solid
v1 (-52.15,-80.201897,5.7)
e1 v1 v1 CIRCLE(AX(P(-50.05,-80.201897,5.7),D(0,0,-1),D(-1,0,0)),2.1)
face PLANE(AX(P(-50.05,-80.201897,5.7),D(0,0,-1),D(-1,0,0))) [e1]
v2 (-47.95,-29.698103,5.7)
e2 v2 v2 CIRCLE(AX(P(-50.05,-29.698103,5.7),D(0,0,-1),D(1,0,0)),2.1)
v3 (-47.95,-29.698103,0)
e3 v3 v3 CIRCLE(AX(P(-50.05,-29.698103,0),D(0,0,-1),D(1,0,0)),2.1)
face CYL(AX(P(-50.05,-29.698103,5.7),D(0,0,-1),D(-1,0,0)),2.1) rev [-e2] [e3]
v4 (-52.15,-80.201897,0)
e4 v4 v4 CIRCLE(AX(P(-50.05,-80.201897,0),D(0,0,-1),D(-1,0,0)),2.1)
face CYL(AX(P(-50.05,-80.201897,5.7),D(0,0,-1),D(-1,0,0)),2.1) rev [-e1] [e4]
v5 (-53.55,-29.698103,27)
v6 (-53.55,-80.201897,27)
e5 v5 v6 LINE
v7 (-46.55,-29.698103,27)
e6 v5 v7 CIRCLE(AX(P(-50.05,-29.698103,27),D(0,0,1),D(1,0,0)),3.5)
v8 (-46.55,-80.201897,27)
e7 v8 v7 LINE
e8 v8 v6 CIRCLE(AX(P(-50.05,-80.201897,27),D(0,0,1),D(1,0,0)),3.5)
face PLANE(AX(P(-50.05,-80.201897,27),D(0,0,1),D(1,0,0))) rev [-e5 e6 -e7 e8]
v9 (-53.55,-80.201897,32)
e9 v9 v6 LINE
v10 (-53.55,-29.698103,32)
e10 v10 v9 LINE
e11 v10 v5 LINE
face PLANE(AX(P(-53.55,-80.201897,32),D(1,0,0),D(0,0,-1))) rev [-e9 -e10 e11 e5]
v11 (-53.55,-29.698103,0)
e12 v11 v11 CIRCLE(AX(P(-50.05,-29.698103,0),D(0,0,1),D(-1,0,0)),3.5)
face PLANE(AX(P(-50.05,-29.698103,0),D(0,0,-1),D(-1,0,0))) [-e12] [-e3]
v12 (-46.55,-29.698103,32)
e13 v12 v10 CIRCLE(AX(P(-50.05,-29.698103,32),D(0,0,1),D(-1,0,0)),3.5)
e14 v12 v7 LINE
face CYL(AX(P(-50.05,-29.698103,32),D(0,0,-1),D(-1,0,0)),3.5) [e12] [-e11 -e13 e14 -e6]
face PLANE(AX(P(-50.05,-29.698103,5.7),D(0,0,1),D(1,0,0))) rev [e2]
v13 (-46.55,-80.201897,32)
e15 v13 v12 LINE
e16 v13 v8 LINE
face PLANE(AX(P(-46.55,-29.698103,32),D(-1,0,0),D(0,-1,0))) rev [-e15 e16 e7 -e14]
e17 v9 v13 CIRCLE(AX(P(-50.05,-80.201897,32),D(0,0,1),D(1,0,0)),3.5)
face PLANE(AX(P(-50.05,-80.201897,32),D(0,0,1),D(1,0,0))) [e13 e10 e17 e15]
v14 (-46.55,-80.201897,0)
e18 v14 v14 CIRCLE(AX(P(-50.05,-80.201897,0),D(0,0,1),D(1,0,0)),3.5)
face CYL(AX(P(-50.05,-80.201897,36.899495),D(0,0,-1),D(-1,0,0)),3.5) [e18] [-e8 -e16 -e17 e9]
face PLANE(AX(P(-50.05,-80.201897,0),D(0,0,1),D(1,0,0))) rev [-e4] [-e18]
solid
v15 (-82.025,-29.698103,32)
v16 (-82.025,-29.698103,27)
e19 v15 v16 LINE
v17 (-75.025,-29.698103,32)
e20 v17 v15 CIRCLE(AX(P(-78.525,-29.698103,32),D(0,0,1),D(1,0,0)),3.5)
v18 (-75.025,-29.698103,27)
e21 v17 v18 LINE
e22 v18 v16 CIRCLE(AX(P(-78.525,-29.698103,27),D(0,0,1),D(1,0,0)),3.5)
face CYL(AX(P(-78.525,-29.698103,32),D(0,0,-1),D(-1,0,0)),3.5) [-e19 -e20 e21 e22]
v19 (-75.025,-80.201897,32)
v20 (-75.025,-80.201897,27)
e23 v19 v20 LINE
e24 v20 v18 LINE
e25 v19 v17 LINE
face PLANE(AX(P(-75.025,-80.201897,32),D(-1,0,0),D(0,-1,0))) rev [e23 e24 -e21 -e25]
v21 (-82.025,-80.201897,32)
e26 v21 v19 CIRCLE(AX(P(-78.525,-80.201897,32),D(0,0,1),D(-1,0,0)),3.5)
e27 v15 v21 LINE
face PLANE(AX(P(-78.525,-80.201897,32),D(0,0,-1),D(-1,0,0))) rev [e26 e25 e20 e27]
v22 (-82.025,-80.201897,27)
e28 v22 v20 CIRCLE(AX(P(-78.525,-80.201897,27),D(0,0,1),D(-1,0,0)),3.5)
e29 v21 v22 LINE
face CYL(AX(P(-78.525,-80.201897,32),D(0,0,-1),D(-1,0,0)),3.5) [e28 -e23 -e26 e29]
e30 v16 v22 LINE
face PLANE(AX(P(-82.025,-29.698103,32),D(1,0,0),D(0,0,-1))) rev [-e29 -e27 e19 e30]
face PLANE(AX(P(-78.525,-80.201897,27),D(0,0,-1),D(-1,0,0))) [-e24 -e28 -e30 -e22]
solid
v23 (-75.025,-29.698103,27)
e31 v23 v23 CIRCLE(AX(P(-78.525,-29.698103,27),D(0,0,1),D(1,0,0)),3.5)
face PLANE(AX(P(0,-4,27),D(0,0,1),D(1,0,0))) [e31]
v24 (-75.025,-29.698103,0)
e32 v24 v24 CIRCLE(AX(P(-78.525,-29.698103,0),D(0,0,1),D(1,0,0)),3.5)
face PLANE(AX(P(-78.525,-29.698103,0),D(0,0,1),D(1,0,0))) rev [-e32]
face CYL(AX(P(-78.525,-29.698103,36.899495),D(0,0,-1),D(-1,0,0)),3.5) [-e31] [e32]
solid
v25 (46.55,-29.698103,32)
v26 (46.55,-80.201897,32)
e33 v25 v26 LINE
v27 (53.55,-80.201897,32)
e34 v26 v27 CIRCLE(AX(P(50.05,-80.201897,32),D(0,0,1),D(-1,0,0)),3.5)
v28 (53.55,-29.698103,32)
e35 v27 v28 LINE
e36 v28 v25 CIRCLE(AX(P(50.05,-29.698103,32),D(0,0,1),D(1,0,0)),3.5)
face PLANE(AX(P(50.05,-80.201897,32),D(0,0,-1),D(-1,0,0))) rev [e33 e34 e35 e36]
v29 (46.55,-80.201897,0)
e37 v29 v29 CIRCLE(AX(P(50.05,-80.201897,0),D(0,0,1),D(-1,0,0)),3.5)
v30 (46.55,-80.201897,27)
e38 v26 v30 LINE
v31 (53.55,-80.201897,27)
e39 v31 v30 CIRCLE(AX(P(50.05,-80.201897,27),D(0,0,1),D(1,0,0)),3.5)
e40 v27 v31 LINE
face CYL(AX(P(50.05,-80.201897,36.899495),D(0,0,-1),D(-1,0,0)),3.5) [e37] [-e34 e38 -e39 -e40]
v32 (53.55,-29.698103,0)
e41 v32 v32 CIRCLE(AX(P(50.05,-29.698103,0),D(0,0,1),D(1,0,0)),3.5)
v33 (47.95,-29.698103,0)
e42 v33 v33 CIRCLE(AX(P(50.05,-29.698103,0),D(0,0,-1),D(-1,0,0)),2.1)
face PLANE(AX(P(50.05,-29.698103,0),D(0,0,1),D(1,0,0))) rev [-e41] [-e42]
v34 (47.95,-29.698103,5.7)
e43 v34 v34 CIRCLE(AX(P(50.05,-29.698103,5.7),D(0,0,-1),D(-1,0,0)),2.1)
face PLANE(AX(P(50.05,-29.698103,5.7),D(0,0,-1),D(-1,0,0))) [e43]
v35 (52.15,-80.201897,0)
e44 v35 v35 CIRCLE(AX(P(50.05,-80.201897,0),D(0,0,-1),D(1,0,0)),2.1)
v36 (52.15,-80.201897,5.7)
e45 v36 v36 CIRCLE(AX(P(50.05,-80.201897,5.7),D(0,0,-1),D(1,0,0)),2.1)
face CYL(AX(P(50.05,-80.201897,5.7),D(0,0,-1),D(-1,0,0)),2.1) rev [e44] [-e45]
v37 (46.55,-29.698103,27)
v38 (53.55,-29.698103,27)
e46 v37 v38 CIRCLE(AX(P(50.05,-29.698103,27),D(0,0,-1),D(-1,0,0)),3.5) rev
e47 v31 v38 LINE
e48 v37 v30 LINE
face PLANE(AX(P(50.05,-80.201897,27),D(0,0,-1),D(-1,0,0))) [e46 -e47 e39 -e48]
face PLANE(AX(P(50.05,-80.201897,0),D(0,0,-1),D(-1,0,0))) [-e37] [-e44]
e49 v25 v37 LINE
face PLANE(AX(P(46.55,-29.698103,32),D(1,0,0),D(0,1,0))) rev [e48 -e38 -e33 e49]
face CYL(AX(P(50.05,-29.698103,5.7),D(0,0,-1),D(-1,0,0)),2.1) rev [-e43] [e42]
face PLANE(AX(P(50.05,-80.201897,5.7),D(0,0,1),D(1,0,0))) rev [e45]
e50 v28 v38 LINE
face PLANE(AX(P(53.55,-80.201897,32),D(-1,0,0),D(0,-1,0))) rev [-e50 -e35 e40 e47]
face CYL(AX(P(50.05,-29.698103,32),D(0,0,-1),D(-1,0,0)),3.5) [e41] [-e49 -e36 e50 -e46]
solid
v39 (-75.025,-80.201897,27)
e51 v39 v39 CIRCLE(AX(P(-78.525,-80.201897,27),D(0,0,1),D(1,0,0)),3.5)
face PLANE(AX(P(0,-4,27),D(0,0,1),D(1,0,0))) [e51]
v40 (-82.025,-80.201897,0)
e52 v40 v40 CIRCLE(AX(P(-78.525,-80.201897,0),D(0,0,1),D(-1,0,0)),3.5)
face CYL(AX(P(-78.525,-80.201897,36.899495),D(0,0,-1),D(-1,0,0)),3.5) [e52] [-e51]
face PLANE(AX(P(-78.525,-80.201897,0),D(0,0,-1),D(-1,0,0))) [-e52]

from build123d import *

# Parameters (mm, degrees)
SKIZZE1_R                         = 3.5
AUFSATZ_LINEAR_AUSTRAGEN1_DEPTH   = 27
AUFSATZ_LINEAR_AUSTRAGEN1_2_DEPTH = 27
AUFSATZ_LINEAR_AUSTRAGEN1_3_DEPTH = 27
AUFSATZ_LINEAR_AUSTRAGEN1_4_DEPTH = 27
AUFSATZ_LINEAR_AUSTRAGEN1_5_DEPTH = 27
AUFSATZ_LINEAR_AUSTRAGEN1_6_DEPTH = 27
SKIZZE2_R                         = 2.1
SCHNITT_LINEAR_AUSTRAGEN1_DEPTH   = 5.7
AUFSATZ_LINEAR_AUSTRAGEN2_DEPTH   = 5


with BuildPart() as part:
    # Skizze1 → Aufsatz-Linear austragen1 (new body)
    with BuildSketch(Plane.XY):
        with Locations((-50.05, -80.201897344)):
            Circle(SKIZZE1_R)
    extrude(amount=AUFSATZ_LINEAR_AUSTRAGEN1_DEPTH)


with BuildPart() as body_2:
    # Skizze1 → Aufsatz-Linear austragen1 2 (new body)
    with BuildSketch(Plane.XY):
        with Locations(Location((50.05, -80.201897344, 0), (0, 0, 180))):
            Circle(SKIZZE1_R)
    extrude(amount=AUFSATZ_LINEAR_AUSTRAGEN1_2_DEPTH)


with BuildPart() as body_3:
    # Skizze1 → Aufsatz-Linear austragen1 3 (new body)
    with BuildSketch(Plane.XY):
        with Locations((50.05, -29.698102656)):
            Circle(SKIZZE1_R)
    extrude(amount=AUFSATZ_LINEAR_AUSTRAGEN1_3_DEPTH)


with BuildPart() as body_4:
    # Skizze1 → Aufsatz-Linear austragen1 4 (new body)
    with BuildSketch(Plane.XY):
        with Locations(Location((-50.05, -29.698102656, 0), (0, 0, 180))):
            Circle(SKIZZE1_R)
    extrude(amount=AUFSATZ_LINEAR_AUSTRAGEN1_4_DEPTH)


with BuildPart() as body_5:
    # Skizze1 → Aufsatz-Linear austragen1 5 (new body)
    with BuildSketch(Plane.XY):
        with Locations(Location((-78.525, -80.201897344, 0), (0, 0, 180))):
            Circle(SKIZZE1_R)
    extrude(amount=AUFSATZ_LINEAR_AUSTRAGEN1_5_DEPTH)


with BuildPart() as body_6:
    # Skizze1 → Aufsatz-Linear austragen1 6 (new body)
    with BuildSketch(Plane.XY):
        with Locations((-78.525, -29.698102656)):
            Circle(SKIZZE1_R)
    extrude(amount=AUFSATZ_LINEAR_AUSTRAGEN1_6_DEPTH)


with BuildPart() as schnitt_linear_austragen1_tool:
    # Skizze2 → Schnitt-Linear austragen1 (new body)
    with BuildSketch(Plane(origin=(0, 0, 0), x_dir=(-1, 0, 0), z_dir=(0, 0, -1))):
        with Locations((50.05, -80.201897344)):
            Circle(SKIZZE2_R)
        with Locations(Location((50.05, -29.698102656, 0), (0, 0, 180))):
            Circle(SKIZZE2_R)
        with Locations((-50.05, -29.698102656)):
            Circle(SKIZZE2_R)
        with Locations(Location((-50.05, -80.201897344, 0), (0, 0, 180))):
            Circle(SKIZZE2_R)
    extrude(amount=-SCHNITT_LINEAR_AUSTRAGEN1_DEPTH)


with BuildPart() as part_1:
    add(part.part)

    # Schnitt-Linear austragen1: cut by schnitt_linear_austragen1_tool
    add(schnitt_linear_austragen1_tool.part, mode=Mode.SUBTRACT)



with BuildPart() as body_2_1:
    add(body_2.part)

    # Schnitt-Linear austragen1: cut by schnitt_linear_austragen1_tool
    add(schnitt_linear_austragen1_tool.part, mode=Mode.SUBTRACT)


with BuildPart() as body_3_1:
    add(body_3.part)

    # Schnitt-Linear austragen1: cut by schnitt_linear_austragen1_tool
    add(schnitt_linear_austragen1_tool.part, mode=Mode.SUBTRACT)


with BuildPart() as body_4_1:
    add(body_4.part)

    # Schnitt-Linear austragen1: cut by schnitt_linear_austragen1_tool
    add(schnitt_linear_austragen1_tool.part, mode=Mode.SUBTRACT)


with BuildPart() as part_2:
    add(part_1.part)

    add(body_4_1.part)  # Aufsatz-Linear austragen2 merges body 4

    add(body_2_1.part)  # Aufsatz-Linear austragen2 merges body 2

    add(body_3_1.part)  # Aufsatz-Linear austragen2 merges body 3
    # Skizze4 → Aufsatz-Linear austragen2 (add)
    with BuildSketch(Plane.XY.offset(27)):
        with BuildLine():
            Line((-53.55, -80.201897344), (-53.55, -29.698102656))
            ThreePointArc((-53.55, -29.698102656), (-50.05, -26.198102656), (-46.55, -29.698102656))
            Line((-46.55, -29.698102656), (-46.55, -80.201897344))
            ThreePointArc((-46.55, -80.201897344), (-50.05, -83.701897344), (-53.55, -80.201897344))
        make_face()
        with BuildLine():
            Line((46.55, -29.698102656), (46.55, -80.201897344))
            ThreePointArc((46.55, -80.201897344), (50.05, -83.701897344), (53.55, -80.201897344))
            Line((53.55, -80.201897344), (53.55, -29.698102656))
            ThreePointArc((53.55, -29.698102656), (50.05, -26.198102656), (46.55, -29.698102656))
        make_face()
        with BuildLine():
            Line((-82.025, -29.698102656), (-82.025, -80.201897344))
            ThreePointArc((-82.025, -80.201897344), (-78.525, -83.701897344), (-75.025, -80.201897344))
            Line((-75.025, -80.201897344), (-75.025, -29.698102656))
            ThreePointArc((-75.025, -29.698102656), (-78.525, -26.198102656), (-82.025, -29.698102656))
        make_face()
    extrude(amount=AUFSATZ_LINEAR_AUSTRAGEN2_DEPTH)


solid = Compound([body_5.part, body_6.part, part_2.part])
